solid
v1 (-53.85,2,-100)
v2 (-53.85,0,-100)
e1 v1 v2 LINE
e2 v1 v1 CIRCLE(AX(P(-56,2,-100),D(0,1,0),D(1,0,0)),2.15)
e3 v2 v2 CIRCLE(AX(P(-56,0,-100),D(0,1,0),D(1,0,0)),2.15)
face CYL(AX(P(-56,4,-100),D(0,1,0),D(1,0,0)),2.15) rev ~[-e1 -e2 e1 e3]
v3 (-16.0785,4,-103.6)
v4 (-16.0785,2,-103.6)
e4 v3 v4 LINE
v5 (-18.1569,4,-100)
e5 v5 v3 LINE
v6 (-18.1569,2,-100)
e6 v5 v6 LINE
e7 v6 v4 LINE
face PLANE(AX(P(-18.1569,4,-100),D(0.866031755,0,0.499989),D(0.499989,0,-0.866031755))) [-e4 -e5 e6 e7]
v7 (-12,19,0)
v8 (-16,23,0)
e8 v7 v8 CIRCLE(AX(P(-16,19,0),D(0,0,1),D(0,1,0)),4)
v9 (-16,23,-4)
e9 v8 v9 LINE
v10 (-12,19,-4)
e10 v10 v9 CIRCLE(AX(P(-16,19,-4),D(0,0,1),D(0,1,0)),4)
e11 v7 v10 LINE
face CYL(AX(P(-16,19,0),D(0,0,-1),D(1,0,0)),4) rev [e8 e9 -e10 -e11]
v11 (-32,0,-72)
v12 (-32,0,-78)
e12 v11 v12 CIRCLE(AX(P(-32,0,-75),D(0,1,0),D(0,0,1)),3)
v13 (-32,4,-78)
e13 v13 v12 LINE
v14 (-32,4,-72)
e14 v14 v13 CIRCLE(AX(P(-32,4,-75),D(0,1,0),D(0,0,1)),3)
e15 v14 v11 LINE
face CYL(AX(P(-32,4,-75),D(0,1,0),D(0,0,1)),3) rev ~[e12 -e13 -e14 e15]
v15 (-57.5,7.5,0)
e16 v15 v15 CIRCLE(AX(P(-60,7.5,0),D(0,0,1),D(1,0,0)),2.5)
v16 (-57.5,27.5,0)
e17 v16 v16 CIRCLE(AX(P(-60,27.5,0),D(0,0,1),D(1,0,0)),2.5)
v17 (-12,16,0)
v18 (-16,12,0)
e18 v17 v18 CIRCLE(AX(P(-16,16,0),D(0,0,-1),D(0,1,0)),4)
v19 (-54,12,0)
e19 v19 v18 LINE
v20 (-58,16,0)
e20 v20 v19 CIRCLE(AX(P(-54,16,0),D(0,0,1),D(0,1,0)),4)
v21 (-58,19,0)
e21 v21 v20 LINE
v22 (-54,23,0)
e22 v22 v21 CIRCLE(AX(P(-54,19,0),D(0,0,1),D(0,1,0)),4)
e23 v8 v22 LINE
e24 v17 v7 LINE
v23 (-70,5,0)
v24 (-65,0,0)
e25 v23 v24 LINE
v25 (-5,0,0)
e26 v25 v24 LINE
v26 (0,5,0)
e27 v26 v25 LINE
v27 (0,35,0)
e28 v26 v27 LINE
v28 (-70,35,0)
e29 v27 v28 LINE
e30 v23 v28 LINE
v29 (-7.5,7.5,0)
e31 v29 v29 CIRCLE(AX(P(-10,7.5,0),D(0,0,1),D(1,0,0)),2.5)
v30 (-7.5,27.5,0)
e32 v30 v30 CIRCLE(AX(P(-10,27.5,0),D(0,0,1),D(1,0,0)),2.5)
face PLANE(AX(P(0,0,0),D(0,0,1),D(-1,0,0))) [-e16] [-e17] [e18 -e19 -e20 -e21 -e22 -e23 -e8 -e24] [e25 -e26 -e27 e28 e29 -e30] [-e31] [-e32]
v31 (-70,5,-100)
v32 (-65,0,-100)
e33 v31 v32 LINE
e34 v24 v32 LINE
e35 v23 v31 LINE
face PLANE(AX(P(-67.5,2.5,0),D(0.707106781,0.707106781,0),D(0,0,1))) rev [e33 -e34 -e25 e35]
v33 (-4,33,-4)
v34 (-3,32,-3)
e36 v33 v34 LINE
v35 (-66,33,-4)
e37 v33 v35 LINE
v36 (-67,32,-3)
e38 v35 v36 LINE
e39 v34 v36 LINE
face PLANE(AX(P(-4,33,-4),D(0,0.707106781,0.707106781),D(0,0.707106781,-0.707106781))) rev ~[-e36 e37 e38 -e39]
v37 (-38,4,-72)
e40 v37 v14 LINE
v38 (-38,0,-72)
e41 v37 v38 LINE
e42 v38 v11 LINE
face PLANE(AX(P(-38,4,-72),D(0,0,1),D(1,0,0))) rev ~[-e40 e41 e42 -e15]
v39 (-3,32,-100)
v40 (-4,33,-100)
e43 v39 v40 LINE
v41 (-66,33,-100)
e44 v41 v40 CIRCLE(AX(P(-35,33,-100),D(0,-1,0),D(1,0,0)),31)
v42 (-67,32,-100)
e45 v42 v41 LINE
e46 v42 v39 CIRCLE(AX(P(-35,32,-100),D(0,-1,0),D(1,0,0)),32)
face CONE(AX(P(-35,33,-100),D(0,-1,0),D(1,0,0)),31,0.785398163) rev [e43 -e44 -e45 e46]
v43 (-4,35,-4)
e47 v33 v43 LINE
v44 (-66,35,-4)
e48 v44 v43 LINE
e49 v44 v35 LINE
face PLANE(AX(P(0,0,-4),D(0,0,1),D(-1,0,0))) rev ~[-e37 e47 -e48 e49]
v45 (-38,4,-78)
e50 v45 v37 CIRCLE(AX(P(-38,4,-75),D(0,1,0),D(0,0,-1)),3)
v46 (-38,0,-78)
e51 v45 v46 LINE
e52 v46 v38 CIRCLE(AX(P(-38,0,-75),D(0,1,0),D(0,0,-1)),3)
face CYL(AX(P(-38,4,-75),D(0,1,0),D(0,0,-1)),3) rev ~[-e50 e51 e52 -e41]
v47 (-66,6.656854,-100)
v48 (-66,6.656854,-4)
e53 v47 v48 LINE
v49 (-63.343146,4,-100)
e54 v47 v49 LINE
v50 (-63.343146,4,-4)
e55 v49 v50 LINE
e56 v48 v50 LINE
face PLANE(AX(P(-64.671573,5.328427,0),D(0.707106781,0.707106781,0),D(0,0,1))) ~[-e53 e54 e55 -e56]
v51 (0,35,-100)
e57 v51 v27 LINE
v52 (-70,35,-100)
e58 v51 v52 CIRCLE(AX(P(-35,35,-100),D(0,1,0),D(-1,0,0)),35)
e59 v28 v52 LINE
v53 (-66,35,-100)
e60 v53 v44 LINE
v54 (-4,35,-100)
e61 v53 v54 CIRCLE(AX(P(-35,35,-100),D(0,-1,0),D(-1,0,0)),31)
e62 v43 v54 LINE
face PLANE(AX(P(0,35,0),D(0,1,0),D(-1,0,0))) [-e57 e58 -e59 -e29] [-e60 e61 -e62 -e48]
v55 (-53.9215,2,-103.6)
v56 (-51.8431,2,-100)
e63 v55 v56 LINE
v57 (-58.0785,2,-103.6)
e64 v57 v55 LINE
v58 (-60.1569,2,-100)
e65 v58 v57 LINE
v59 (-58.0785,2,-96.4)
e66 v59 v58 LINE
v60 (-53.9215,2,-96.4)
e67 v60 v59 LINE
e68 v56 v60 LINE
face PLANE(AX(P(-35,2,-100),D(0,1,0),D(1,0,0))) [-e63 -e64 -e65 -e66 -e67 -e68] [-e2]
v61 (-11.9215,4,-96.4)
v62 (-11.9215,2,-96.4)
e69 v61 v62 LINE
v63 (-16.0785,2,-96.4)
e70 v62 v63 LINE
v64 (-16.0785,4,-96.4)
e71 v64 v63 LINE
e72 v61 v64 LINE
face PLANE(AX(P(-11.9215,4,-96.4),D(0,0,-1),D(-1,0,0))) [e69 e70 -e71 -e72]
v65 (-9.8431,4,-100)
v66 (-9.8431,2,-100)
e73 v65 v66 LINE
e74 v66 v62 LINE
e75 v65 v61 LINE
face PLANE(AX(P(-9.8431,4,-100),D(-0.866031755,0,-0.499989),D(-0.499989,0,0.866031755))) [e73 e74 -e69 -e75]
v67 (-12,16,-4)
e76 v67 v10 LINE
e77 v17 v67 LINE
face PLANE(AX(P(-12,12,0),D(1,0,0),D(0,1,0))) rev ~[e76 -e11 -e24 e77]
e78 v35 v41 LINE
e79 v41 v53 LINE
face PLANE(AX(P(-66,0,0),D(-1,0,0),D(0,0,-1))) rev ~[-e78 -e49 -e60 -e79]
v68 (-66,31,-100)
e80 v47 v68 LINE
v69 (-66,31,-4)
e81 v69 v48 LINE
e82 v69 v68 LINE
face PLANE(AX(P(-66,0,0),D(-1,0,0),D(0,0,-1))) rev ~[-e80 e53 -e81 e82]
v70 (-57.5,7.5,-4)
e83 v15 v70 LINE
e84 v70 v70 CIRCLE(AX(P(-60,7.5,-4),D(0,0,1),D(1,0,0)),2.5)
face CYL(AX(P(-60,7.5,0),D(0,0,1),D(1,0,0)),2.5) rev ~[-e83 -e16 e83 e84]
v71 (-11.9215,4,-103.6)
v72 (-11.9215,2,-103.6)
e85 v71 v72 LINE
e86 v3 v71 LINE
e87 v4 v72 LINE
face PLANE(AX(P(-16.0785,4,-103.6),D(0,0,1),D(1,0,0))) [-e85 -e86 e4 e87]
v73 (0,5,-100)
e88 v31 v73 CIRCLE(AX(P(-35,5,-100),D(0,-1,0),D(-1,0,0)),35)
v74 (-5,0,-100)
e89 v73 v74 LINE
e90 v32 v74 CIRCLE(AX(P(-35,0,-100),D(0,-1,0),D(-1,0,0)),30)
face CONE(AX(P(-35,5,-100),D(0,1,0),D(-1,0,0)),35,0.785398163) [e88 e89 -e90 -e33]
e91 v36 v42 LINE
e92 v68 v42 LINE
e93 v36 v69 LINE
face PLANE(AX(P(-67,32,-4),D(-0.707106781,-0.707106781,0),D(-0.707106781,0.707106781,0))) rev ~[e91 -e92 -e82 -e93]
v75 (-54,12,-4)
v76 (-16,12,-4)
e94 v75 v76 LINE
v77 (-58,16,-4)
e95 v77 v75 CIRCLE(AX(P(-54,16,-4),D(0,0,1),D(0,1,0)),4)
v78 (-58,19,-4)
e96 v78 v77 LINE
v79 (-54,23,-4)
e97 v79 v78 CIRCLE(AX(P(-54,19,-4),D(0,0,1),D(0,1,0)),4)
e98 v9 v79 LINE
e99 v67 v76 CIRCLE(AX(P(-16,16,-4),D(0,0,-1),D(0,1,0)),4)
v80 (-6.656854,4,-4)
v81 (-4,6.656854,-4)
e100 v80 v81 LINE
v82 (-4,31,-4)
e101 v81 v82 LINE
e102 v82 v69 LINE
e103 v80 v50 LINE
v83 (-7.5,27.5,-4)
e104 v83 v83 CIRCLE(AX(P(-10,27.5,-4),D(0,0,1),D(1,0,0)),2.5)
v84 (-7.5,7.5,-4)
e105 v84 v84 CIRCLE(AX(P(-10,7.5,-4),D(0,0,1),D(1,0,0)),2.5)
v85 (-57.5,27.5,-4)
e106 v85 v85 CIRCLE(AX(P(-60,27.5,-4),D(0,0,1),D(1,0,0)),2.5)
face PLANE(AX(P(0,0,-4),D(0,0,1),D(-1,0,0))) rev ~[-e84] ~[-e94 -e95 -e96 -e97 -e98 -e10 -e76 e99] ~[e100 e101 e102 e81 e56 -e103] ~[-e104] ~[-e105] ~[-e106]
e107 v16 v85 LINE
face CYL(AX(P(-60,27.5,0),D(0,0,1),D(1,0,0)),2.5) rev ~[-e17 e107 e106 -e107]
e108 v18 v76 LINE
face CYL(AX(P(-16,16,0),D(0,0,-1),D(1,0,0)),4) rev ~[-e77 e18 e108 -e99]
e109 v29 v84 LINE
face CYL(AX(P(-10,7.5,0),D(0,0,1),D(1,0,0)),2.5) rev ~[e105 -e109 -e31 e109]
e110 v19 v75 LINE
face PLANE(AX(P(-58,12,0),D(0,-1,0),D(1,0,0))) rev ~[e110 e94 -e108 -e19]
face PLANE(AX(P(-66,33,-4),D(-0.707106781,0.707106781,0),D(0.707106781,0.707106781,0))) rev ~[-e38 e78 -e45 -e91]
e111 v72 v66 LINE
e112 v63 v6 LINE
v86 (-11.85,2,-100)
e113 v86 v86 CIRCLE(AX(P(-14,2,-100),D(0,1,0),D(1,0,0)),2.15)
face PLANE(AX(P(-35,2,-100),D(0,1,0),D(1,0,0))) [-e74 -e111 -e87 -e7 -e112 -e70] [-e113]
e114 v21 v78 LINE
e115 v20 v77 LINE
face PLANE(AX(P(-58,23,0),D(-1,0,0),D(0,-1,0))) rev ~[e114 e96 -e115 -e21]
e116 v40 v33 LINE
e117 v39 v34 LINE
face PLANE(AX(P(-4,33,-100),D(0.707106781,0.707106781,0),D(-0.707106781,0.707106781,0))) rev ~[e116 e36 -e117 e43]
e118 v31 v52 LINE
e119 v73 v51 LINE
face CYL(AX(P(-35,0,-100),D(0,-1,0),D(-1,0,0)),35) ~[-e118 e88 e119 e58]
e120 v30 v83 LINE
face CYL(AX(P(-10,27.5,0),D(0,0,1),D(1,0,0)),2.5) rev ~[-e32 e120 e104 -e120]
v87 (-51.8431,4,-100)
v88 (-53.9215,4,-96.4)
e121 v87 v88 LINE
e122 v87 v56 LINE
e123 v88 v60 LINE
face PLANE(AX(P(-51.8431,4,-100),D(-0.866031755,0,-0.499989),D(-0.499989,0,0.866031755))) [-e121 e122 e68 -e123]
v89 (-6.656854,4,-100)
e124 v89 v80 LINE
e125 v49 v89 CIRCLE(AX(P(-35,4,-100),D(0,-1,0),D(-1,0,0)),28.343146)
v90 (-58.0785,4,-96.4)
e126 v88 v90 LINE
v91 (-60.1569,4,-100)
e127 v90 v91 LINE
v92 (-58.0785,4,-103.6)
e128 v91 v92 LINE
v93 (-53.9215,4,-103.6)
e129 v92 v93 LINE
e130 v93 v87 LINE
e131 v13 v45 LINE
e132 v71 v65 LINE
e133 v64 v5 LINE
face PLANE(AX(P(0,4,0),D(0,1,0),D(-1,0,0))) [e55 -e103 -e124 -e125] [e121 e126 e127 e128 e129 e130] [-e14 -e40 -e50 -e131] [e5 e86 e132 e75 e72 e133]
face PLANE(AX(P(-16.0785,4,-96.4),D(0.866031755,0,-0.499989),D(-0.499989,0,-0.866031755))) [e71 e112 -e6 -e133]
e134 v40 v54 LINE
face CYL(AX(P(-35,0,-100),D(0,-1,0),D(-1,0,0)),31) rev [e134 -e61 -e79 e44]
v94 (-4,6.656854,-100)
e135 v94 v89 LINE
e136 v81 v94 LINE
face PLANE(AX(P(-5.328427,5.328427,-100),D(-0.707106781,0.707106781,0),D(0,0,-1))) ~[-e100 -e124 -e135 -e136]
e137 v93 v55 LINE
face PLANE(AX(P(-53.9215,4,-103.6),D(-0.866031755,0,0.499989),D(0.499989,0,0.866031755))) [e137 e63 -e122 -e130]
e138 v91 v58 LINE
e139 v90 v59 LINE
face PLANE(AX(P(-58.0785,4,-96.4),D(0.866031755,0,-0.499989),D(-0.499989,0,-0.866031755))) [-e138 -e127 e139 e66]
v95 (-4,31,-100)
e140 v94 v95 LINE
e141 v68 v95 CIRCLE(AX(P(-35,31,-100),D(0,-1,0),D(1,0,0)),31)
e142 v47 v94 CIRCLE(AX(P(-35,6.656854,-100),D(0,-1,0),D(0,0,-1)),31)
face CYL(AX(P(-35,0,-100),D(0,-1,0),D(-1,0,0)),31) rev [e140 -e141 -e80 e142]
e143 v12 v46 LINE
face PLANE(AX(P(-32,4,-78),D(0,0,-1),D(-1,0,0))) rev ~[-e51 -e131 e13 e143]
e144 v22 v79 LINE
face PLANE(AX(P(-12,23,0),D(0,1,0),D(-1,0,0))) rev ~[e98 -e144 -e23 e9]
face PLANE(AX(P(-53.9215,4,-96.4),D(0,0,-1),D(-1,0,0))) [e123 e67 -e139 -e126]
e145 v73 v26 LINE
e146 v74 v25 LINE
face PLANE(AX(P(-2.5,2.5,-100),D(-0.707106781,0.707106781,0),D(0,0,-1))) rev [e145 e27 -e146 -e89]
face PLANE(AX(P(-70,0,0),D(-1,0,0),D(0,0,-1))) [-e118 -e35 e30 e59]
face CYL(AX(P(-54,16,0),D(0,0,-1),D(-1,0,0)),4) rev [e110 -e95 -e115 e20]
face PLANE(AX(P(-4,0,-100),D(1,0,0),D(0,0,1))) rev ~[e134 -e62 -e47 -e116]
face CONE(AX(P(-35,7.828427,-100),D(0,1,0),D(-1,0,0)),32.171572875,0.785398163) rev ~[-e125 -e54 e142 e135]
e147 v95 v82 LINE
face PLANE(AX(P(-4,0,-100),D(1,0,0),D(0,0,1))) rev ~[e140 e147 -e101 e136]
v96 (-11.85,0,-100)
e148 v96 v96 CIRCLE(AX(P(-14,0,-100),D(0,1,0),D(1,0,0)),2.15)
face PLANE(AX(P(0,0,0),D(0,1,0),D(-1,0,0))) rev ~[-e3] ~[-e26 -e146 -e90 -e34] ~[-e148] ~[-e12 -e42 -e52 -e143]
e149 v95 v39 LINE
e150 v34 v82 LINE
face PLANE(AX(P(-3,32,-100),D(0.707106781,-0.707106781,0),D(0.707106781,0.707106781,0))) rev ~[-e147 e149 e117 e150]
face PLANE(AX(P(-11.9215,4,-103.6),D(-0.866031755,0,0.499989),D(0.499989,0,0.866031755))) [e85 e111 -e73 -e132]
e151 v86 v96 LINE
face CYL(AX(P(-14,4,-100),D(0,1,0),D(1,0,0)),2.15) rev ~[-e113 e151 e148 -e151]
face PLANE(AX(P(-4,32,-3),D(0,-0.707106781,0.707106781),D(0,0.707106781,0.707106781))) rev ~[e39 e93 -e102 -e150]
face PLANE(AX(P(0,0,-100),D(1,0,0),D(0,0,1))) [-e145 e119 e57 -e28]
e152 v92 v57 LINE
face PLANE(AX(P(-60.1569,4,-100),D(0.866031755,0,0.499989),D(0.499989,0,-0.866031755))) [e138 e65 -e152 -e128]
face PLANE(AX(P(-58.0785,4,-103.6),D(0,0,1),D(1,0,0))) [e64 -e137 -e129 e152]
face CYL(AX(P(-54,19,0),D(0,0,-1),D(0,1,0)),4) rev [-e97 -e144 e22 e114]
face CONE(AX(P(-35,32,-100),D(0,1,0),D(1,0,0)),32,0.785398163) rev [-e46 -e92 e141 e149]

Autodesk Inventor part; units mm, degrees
ref_plane "YZ Plane" through (0, 0, 0) normal (1, 0, 0) x (0, 1, 0)
sketch "Sketch1" plane through (0, 0, 0) normal (0, 1, 0) x (-1, 0, 0)
  line L0 (0, 0) -> (70, 0)
  line L1 (70, 0) -> (70, -100)
  line L2 (70, -100) -> (0, -100)
  line L3 (0, -100) -> (0, 0)
  circle A0 centre (35, -100) radius 35
  point P0 (0, -100)
  dimension "d0" = 70
  dimension "d1" = 100
extrude "Extrusion1" add sketch "Sketch1" along normal blind 35
chamfer "Chamfer1" distance 5 angle 45 3 edges at (0, 0, -50) (-35, 0, -135) (-70, 0, -50)
shell "Shell1" thickness 4 removed faces 1 at (-23.3333, 35, -33.3333)
sketch "Sketch2" plane through (-70, 0, 0) normal (0, 0, 1) x (1, 0, 0)
  line L0 (35, 44.7542) -> (35, -30.4775) construction
  line L1 (75.874, 17.5) -> (-5.874, 17.5) construction
  line L2 (0, 35) -> (70, 35) projected
  line L3 (70, 0) -> (70, 35) projected
  line L4 (0, 0) -> (0, 35) projected
  line L5 (0, 0) -> (70, 0) projected
  line L6 (58, 23) -> (12, 23)
  line L7 (12, 23) -> (12, 12)
  line L8 (12, 12) -> (58, 12)
  line L9 (58, 12) -> (58, 23)
  circle A0 centre (10, 27.5) radius 2.5
  circle A1 centre (60, 7.5) radius 2.5
  circle A2 centre (10, 7.5) radius 2.5
  circle A3 centre (60, 27.5) radius 2.5
  point P0 (35, 17.5)
  point P1 (35, 35)
  point P2 (70, 17.5)
  dimension "d7" = 12
  dimension "d8" = 5
  dimension "d9" = 50
  dimension "d10" = 20
extrude "Extrusion2" cut sketch "Sketch2" against normal blind 50 contours L9 L8 L7 L6 | A0 | A1 | A2 | A3
ref_plane "Work Plane2" through (0, 32, 0) normal (0, 1, 0) x (1, 0, 0)
sketch "Sketch4" plane through (0, 32, 0) normal (0, 1, 0) x (1, 0, 0)
  line L0 (-66, 4) -> (-66, 100) projected
  arc A0 (-4, 100) -> (-66, 100) centre (-35, 100) ccw projected
  line L1 (-4, 100) -> (-4, 4) projected
  line L2 (-4, 4) -> (-66, 4) projected
  point P0 (0, 0)
ref_plane "Work Plane3" through (-66, 32, -4) normal (0, 0, -1) x (-1, 0, 0)
sketch "Sketch5" plane through (-66, 32, -4) normal (0, 0, -1) x (-1, 0, 0)
  line L0 (0, 1) -> (1, 0)
  line L1 (1, 0) -> (0, -1)
  line L2 (0, -1) -> (0, 1)
  line L3 (2.655, 0) -> (0.8949, 0) construction
  point P0 (-66, -32)
  point P1 (0, 0)
  point P2 (0, 0)
  point P3 (0, 0)
  dimension "d29" = 1
  dimension "d30" = 45
sweep "Sweep1" cut profiles "Sketch5" path "Sketch4"
sketch "Sketch6" plane through (-35, 4, -100) normal (0, 1, 0) x (1, 0, 0)
  circle A0 centre (-21, 0) radius 2.15
  circle A1 centre (21, 0) radius 2.15
  line L0 (0, -2.8251) -> (0, 10.2985) construction
  arc A2 (31, 0) -> (-31, 0) centre (0, 0) ccw projected
  line L1 (3, -25) -> (-3, -25) construction
  line L2 (3, -22) -> (-3, -22)
  line L3 (-3, -28) -> (3, -28)
  arc A3 (3, -28) -> (3, -22) centre (3, -25) ccw
  arc A4 (-3, -22) -> (-3, -28) centre (-3, -25) ccw
  point P0 (35, -100)
  point P1 (0, 31)
  point P2 (0, -25)
  dimension "d33" = 4.3
  dimension "d34" = 42
  dimension "d37" = 6
  dimension "d38" = 6
  dimension "d39" = 25
extrude "Extrusion5" cut sketch "Sketch6" against normal blind 50
sketch "Sketch7" plane through (-35, 4, -100) normal (0, 1, 0) x (1, 0, 0)
  line L0 (-23.0785, 3.6) -> (-18.9215, 3.6)
  line L1 (-18.9215, 3.6) -> (-16.8431, 0)
  line L2 (-16.8431, 0) -> (-18.9215, -3.6)
  line L3 (-18.9215, -3.6) -> (-23.0785, -3.6)
  line L4 (-23.0785, -3.6) -> (-25.1569, 0)
  line L5 (-25.1569, 0) -> (-23.0785, 3.6)
  circle A0 centre (-21, 0) radius 2.15 projected
  circle A1 centre (21, 0) radius 2.15 projected
  line L6 (23.0785, 3.6) -> (25.1569, 0)
  line L7 (25.1569, 0) -> (23.0785, -3.6)
  line L8 (23.0785, -3.6) -> (18.9215, -3.6)
  line L9 (18.9215, -3.6) -> (16.8431, 0)
  line L10 (16.8431, 0) -> (18.9215, 3.6)
  line L11 (18.9215, 3.6) -> (23.0785, 3.6)
  point P0 (35, -100)
  point P1 (-21, -3.6)
  dimension "d40" = 7.2
extrude "Extrusion6" cut sketch "Sketch7" against normal blind 2
fillet "Fillet1" radius 4 4 edges at (-58, 12, -2) (-58, 23, -2) (-12, 23, -2) (-12, 12, -2)
equation "\"d11\" = d9"
equation "\"d35\" = d9"
properties part number "SCARA arm"
